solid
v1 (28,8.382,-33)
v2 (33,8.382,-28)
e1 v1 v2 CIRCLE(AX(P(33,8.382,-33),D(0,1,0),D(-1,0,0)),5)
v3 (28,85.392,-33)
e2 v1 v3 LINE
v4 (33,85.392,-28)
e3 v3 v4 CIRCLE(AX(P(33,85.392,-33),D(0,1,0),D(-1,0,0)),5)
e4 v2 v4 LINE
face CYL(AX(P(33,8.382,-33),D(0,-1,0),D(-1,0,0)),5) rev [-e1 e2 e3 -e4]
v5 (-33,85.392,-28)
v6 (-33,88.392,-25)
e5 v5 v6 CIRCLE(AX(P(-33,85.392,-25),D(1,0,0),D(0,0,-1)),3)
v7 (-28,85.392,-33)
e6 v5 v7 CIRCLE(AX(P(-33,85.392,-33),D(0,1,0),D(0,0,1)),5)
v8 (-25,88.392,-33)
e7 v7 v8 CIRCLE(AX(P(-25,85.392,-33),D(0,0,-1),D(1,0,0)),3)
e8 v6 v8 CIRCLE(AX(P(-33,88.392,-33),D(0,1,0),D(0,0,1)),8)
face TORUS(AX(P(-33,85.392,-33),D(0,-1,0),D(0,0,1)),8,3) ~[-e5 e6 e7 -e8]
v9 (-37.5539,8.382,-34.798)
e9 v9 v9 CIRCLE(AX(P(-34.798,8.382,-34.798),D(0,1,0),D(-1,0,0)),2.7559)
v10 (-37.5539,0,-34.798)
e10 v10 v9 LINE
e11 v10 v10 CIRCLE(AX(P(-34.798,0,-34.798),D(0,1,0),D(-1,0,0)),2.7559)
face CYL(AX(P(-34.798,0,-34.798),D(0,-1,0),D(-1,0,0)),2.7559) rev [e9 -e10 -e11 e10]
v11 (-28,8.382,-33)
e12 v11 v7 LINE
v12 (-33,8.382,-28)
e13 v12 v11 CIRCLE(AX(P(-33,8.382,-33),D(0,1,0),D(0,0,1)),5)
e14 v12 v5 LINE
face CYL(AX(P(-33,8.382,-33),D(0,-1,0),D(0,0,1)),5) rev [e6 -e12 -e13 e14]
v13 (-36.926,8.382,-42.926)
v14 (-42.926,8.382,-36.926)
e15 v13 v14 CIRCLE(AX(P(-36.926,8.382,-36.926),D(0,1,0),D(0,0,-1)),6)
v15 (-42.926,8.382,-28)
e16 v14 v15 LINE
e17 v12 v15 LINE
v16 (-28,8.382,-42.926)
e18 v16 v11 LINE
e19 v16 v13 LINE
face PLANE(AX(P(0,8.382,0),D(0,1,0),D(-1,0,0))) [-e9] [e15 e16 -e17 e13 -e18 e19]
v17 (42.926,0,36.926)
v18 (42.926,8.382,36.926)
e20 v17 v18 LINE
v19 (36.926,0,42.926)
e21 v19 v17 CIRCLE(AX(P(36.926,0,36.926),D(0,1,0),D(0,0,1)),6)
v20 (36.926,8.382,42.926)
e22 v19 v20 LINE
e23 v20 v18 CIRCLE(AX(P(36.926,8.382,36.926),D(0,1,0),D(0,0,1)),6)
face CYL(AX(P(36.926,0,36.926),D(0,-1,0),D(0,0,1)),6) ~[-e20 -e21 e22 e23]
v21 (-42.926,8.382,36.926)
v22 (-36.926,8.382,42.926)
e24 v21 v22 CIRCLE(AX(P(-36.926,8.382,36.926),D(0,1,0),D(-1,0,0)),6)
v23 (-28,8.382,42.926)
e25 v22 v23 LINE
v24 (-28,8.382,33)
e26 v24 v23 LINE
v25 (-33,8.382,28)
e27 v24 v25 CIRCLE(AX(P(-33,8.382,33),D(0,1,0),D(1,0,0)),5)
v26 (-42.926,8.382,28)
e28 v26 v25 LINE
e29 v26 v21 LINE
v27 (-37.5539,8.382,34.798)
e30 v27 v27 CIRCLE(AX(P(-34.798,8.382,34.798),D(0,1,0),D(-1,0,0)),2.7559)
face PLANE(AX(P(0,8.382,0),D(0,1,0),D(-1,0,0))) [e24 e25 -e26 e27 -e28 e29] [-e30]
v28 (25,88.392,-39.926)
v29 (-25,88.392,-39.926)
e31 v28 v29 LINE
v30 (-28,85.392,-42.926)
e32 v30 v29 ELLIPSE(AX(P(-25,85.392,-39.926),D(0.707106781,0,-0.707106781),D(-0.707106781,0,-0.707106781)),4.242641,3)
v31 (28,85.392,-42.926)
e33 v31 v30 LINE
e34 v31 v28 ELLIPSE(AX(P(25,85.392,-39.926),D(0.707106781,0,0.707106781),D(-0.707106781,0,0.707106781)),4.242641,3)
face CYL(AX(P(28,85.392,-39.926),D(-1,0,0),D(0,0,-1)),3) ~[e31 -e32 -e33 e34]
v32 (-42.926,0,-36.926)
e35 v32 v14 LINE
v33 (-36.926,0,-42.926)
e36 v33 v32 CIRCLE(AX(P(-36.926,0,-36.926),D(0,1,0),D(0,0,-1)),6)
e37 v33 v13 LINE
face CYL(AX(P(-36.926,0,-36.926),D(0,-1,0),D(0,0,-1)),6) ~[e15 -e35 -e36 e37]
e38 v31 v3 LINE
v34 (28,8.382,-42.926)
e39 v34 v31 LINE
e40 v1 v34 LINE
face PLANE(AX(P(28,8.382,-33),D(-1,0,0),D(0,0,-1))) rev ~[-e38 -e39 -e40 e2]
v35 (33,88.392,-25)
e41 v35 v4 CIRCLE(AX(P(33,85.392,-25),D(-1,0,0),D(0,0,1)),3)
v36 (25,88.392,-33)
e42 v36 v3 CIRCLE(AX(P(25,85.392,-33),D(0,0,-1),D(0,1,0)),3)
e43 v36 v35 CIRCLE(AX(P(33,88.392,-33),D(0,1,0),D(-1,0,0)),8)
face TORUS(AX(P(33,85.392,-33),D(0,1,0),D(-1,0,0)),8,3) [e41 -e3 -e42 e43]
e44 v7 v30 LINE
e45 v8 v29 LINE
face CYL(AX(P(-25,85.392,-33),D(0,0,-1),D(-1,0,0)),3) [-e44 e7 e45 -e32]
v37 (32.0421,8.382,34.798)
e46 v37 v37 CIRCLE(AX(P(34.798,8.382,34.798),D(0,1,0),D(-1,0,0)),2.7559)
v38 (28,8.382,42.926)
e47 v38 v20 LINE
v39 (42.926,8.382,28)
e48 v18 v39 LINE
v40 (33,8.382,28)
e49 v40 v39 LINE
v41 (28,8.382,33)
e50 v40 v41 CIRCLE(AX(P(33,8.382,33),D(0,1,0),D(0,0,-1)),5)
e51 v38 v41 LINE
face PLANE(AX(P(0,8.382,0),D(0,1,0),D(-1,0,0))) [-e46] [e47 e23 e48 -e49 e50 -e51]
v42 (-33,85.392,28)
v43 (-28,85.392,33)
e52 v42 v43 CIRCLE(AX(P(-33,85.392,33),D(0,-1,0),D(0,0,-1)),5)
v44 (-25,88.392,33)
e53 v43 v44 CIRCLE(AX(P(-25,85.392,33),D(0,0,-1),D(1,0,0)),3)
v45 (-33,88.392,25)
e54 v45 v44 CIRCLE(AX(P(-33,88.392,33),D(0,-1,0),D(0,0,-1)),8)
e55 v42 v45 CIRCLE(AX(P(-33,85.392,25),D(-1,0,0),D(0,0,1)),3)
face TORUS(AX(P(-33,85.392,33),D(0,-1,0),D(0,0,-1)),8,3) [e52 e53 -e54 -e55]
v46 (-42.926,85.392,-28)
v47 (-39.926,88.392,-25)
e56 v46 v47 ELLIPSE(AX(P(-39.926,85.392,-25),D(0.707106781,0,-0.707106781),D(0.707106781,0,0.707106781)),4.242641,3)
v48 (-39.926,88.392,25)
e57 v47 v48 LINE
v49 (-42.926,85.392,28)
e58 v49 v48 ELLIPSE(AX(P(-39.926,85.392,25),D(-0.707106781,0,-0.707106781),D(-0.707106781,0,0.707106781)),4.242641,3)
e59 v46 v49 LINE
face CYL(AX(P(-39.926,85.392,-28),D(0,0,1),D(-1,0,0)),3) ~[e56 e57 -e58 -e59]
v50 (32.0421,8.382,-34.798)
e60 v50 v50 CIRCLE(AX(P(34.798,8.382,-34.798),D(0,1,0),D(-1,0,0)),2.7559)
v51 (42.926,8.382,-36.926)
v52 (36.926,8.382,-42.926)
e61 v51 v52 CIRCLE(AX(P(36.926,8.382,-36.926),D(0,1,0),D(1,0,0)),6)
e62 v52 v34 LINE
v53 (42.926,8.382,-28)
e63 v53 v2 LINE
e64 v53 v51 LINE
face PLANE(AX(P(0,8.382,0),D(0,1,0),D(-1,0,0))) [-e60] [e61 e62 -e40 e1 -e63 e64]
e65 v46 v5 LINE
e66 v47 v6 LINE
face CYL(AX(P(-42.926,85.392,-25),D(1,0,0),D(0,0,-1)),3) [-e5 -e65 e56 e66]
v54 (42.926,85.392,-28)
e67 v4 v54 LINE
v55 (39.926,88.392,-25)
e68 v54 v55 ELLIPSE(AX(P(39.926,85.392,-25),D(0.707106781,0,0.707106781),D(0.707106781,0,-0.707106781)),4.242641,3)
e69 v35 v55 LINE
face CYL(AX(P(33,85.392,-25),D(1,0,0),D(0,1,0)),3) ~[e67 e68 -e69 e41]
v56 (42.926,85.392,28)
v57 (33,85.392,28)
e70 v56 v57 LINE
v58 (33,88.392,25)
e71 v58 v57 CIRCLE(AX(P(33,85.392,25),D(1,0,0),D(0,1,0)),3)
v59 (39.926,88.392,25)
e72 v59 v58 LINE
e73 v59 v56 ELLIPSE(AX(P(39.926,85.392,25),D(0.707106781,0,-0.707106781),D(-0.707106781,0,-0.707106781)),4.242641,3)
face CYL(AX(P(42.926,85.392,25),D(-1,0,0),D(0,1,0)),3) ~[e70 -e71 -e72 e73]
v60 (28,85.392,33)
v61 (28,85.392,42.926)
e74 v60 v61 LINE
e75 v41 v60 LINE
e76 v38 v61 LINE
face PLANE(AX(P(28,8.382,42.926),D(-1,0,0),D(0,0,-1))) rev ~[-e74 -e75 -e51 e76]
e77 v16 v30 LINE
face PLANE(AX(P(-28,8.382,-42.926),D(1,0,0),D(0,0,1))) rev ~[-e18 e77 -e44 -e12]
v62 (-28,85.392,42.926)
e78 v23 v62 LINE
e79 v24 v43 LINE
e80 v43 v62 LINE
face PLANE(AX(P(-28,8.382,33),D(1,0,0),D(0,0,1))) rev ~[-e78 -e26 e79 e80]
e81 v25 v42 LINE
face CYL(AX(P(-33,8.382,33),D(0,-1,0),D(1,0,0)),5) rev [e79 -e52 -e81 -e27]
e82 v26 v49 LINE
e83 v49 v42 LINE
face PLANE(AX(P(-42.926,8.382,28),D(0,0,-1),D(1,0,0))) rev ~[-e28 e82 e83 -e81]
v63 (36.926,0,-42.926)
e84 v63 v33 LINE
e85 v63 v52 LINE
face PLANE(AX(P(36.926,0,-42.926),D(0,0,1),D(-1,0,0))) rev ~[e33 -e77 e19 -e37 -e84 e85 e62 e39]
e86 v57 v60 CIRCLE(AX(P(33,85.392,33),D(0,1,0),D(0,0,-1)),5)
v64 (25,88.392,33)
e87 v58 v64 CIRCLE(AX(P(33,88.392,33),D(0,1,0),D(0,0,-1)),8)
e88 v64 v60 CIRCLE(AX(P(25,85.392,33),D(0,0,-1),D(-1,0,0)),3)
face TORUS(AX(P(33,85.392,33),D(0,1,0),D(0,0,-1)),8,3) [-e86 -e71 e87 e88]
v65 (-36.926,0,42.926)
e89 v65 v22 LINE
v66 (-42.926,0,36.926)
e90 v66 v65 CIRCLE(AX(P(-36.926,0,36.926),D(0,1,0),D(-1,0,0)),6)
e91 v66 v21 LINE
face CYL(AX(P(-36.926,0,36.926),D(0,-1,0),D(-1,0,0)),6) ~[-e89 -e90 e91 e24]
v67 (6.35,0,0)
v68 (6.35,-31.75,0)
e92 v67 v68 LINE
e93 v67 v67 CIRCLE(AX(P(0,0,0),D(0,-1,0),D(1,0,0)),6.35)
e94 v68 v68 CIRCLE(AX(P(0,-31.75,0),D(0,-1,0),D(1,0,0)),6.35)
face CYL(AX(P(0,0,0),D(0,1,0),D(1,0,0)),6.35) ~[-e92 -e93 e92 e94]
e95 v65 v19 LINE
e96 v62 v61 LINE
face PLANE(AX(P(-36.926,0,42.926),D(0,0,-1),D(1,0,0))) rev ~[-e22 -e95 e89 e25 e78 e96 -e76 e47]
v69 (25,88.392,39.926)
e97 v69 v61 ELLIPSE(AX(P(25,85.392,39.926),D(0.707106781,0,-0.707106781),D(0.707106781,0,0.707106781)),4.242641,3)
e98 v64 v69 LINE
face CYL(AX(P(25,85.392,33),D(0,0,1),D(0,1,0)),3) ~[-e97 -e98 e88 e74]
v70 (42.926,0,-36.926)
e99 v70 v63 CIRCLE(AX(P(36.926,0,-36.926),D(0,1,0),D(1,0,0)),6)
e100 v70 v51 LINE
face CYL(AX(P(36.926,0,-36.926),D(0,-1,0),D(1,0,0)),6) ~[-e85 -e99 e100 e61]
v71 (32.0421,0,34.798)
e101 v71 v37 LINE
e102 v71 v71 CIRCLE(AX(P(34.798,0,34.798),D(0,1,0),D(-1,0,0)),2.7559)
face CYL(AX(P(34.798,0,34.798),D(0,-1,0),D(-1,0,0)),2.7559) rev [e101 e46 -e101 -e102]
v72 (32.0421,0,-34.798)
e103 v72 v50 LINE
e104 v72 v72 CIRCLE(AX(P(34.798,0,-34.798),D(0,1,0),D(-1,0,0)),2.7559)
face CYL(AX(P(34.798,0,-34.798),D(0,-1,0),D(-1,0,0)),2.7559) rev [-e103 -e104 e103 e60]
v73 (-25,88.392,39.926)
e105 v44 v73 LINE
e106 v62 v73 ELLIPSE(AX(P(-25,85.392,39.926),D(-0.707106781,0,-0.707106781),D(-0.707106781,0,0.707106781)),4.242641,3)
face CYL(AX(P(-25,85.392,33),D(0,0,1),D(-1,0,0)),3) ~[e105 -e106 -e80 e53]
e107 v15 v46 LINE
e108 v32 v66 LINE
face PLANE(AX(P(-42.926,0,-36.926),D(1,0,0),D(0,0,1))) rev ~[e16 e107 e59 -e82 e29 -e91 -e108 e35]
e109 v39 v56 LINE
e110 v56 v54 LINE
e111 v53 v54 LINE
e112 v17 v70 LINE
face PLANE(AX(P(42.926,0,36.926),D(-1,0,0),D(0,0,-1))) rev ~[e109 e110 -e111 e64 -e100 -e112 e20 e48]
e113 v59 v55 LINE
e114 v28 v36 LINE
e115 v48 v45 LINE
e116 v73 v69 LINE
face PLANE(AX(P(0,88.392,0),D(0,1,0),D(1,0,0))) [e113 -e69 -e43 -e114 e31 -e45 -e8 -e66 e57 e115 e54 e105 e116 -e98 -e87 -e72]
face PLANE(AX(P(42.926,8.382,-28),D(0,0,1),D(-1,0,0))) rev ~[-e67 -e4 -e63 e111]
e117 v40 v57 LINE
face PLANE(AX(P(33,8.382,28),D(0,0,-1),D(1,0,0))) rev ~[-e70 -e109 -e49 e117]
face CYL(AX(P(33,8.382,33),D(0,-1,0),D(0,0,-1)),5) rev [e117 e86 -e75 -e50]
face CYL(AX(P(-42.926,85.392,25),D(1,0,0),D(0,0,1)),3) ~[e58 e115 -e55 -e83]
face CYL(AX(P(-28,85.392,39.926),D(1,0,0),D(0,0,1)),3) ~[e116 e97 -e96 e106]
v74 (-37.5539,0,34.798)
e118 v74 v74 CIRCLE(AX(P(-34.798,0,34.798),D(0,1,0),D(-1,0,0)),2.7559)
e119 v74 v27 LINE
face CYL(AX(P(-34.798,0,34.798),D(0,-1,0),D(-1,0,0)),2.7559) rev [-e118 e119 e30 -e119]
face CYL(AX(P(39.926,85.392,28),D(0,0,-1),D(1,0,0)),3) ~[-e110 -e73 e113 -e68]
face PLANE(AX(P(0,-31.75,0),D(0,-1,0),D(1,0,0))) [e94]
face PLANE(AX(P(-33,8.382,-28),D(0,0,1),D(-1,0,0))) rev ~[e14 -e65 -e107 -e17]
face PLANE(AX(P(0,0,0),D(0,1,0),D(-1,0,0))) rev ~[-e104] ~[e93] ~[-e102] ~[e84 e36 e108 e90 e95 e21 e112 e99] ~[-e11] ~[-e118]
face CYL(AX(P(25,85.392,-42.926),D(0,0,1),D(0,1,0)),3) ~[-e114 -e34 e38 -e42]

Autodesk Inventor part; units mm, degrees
ref_plane "YZ Plane" through (0, 0, 0) normal (1, 0, 0) x (0, 1, 0)
ref_plane "XZ Plane" through (0, 0, 0) normal (0, 1, 0) x (-1, 0, 0)
ref_plane "XY Plane" through (0, 0, 0) normal (0, 0, 1) x (1, 0, 0)
sketch "Sketch1" plane through (0, 0, 0) normal (0, 1, 0) x (-1, 0, 0)
  line L0 (36.926, 42.926) -> (-36.926, 42.926)
  line L1 (-42.926, 36.926) -> (-42.926, -36.926)
  line L2 (-36.926, -42.926) -> (36.926, -42.926)
  line L3 (42.926, -36.926) -> (42.926, 36.926)
  line L4 (55, 0) -> (-75, 0) construction
  line L5 (0, 74) -> (0, -88) construction
  arc A0 (42.926, 36.926) -> (36.926, 42.926) centre (36.926, 36.926) ccw
  arc A1 (36.926, -42.926) -> (42.926, -36.926) centre (36.926, -36.926) ccw
  arc A2 (-42.926, -36.926) -> (-36.926, -42.926) centre (-36.926, -36.926) ccw
  arc A3 (-36.926, 42.926) -> (-42.926, 36.926) centre (-36.926, 36.926) ccw
  circle A4 centre (34.798, 34.798) radius 2.7559
  circle A5 centre (34.798, -34.798) radius 2.7559
  circle A6 centre (-34.798, -34.798) radius 2.7559
  circle A7 centre (-34.798, 34.798) radius 2.7559
  point P0 (0, 0)
  point P1 (42.926, 42.926)
  point P2 (42.926, -42.926)
  point P3 (42.926, 0)
  point P4 (0, -42.926)
  dimension "d0" = 85.852
  dimension "d1" = 6
  dimension "d5" = 5.5118
  dimension "d6" = 69.596
  dimension "d7" = 69.596
  dimension "d8" = 69.596
  dimension "d9" = 69.596
  dimension "d10" = 34.798
  dimension "d11" = 34.798
extrude "Extrusion1" add sketch "Sketch1" along normal blind 8.382
sketch "Sketch2" plane through (0, 8.382, 0) normal (0, 1, 0) x (1, 0, 0)
  line L0 (42.926, -28) -> (42.926, 28)
  line L1 (-42.926, 28) -> (-42.926, -28)
  line L2 (-28, -42.926) -> (28, -42.926)
  line L3 (28, 42.926) -> (-28, 42.926)
  line L4 (-42.926, 36.926) -> (-42.926, -36.926) projected
  line L5 (36.926, 42.926) -> (-36.926, 42.926) projected
  line L6 (42.926, -36.926) -> (42.926, 36.926) projected
  line L7 (-36.926, -42.926) -> (36.926, -42.926) projected
  line L8 (-42.926, -28) -> (-33, -28)
  line L9 (33, -28) -> (42.926, -28)
  line L10 (-28, 42.926) -> (-28, 33)
  line L11 (-28, -33) -> (-28, -42.926)
  line L12 (42.926, 28) -> (33, 28)
  line L13 (-33, 28) -> (-42.926, 28)
  line L14 (28, -42.926) -> (28, -33)
  line L15 (28, 33) -> (28, 42.926)
  arc A0 (33, -28) -> (28, -33) centre (33, -33) ccw
  arc A1 (-28, -33) -> (-33, -28) centre (-33, -33) ccw
  arc A2 (-33, 28) -> (-28, 33) centre (-33, 33) ccw
  arc A3 (28, 33) -> (33, 28) centre (33, 33) ccw
  point P0 (0, 0)
  dimension "d14" = 56
  dimension "d16" = 56
  dimension "d18" = 5
  dimension "d30" = 28
  dimension "d31" = 28
extrude "Extrusion2" add sketch "Sketch2" along normal blind 80.01
fillet "Fillet1" radius 3 16 edges at (29.4645, 88.392, 29.4645) (28, 88.392, 37.963) (37.963, 88.392, 28) (42.926, 88.392, 0) (0, 88.392, -42.926) (-42.926, 88.392, 0) (-28, 88.392, 37.963) (-37.963, 88.392, 28) (-29.4645, 88.392, 29.4645) (0, 88.392, 42.926) (29.4645, 88.392, -29.4645) (28, 88.392, -37.963) (37.963, 88.392, -28) (-29.4645, 88.392, -29.4645) (-28, 88.392, -37.963) (-37.963, 88.392, -28)
sketch "Sketch3" plane through (0, 0, 0) normal (0, -1, 0) x (1, 0, 0)
  circle A0 centre (0, 0) radius 6.35
  dimension "d22" = 12.7
extrude "Extrusion3" add sketch "Sketch3" along normal blind 31.75
properties part number "1224_Stepper Motor_V1"
